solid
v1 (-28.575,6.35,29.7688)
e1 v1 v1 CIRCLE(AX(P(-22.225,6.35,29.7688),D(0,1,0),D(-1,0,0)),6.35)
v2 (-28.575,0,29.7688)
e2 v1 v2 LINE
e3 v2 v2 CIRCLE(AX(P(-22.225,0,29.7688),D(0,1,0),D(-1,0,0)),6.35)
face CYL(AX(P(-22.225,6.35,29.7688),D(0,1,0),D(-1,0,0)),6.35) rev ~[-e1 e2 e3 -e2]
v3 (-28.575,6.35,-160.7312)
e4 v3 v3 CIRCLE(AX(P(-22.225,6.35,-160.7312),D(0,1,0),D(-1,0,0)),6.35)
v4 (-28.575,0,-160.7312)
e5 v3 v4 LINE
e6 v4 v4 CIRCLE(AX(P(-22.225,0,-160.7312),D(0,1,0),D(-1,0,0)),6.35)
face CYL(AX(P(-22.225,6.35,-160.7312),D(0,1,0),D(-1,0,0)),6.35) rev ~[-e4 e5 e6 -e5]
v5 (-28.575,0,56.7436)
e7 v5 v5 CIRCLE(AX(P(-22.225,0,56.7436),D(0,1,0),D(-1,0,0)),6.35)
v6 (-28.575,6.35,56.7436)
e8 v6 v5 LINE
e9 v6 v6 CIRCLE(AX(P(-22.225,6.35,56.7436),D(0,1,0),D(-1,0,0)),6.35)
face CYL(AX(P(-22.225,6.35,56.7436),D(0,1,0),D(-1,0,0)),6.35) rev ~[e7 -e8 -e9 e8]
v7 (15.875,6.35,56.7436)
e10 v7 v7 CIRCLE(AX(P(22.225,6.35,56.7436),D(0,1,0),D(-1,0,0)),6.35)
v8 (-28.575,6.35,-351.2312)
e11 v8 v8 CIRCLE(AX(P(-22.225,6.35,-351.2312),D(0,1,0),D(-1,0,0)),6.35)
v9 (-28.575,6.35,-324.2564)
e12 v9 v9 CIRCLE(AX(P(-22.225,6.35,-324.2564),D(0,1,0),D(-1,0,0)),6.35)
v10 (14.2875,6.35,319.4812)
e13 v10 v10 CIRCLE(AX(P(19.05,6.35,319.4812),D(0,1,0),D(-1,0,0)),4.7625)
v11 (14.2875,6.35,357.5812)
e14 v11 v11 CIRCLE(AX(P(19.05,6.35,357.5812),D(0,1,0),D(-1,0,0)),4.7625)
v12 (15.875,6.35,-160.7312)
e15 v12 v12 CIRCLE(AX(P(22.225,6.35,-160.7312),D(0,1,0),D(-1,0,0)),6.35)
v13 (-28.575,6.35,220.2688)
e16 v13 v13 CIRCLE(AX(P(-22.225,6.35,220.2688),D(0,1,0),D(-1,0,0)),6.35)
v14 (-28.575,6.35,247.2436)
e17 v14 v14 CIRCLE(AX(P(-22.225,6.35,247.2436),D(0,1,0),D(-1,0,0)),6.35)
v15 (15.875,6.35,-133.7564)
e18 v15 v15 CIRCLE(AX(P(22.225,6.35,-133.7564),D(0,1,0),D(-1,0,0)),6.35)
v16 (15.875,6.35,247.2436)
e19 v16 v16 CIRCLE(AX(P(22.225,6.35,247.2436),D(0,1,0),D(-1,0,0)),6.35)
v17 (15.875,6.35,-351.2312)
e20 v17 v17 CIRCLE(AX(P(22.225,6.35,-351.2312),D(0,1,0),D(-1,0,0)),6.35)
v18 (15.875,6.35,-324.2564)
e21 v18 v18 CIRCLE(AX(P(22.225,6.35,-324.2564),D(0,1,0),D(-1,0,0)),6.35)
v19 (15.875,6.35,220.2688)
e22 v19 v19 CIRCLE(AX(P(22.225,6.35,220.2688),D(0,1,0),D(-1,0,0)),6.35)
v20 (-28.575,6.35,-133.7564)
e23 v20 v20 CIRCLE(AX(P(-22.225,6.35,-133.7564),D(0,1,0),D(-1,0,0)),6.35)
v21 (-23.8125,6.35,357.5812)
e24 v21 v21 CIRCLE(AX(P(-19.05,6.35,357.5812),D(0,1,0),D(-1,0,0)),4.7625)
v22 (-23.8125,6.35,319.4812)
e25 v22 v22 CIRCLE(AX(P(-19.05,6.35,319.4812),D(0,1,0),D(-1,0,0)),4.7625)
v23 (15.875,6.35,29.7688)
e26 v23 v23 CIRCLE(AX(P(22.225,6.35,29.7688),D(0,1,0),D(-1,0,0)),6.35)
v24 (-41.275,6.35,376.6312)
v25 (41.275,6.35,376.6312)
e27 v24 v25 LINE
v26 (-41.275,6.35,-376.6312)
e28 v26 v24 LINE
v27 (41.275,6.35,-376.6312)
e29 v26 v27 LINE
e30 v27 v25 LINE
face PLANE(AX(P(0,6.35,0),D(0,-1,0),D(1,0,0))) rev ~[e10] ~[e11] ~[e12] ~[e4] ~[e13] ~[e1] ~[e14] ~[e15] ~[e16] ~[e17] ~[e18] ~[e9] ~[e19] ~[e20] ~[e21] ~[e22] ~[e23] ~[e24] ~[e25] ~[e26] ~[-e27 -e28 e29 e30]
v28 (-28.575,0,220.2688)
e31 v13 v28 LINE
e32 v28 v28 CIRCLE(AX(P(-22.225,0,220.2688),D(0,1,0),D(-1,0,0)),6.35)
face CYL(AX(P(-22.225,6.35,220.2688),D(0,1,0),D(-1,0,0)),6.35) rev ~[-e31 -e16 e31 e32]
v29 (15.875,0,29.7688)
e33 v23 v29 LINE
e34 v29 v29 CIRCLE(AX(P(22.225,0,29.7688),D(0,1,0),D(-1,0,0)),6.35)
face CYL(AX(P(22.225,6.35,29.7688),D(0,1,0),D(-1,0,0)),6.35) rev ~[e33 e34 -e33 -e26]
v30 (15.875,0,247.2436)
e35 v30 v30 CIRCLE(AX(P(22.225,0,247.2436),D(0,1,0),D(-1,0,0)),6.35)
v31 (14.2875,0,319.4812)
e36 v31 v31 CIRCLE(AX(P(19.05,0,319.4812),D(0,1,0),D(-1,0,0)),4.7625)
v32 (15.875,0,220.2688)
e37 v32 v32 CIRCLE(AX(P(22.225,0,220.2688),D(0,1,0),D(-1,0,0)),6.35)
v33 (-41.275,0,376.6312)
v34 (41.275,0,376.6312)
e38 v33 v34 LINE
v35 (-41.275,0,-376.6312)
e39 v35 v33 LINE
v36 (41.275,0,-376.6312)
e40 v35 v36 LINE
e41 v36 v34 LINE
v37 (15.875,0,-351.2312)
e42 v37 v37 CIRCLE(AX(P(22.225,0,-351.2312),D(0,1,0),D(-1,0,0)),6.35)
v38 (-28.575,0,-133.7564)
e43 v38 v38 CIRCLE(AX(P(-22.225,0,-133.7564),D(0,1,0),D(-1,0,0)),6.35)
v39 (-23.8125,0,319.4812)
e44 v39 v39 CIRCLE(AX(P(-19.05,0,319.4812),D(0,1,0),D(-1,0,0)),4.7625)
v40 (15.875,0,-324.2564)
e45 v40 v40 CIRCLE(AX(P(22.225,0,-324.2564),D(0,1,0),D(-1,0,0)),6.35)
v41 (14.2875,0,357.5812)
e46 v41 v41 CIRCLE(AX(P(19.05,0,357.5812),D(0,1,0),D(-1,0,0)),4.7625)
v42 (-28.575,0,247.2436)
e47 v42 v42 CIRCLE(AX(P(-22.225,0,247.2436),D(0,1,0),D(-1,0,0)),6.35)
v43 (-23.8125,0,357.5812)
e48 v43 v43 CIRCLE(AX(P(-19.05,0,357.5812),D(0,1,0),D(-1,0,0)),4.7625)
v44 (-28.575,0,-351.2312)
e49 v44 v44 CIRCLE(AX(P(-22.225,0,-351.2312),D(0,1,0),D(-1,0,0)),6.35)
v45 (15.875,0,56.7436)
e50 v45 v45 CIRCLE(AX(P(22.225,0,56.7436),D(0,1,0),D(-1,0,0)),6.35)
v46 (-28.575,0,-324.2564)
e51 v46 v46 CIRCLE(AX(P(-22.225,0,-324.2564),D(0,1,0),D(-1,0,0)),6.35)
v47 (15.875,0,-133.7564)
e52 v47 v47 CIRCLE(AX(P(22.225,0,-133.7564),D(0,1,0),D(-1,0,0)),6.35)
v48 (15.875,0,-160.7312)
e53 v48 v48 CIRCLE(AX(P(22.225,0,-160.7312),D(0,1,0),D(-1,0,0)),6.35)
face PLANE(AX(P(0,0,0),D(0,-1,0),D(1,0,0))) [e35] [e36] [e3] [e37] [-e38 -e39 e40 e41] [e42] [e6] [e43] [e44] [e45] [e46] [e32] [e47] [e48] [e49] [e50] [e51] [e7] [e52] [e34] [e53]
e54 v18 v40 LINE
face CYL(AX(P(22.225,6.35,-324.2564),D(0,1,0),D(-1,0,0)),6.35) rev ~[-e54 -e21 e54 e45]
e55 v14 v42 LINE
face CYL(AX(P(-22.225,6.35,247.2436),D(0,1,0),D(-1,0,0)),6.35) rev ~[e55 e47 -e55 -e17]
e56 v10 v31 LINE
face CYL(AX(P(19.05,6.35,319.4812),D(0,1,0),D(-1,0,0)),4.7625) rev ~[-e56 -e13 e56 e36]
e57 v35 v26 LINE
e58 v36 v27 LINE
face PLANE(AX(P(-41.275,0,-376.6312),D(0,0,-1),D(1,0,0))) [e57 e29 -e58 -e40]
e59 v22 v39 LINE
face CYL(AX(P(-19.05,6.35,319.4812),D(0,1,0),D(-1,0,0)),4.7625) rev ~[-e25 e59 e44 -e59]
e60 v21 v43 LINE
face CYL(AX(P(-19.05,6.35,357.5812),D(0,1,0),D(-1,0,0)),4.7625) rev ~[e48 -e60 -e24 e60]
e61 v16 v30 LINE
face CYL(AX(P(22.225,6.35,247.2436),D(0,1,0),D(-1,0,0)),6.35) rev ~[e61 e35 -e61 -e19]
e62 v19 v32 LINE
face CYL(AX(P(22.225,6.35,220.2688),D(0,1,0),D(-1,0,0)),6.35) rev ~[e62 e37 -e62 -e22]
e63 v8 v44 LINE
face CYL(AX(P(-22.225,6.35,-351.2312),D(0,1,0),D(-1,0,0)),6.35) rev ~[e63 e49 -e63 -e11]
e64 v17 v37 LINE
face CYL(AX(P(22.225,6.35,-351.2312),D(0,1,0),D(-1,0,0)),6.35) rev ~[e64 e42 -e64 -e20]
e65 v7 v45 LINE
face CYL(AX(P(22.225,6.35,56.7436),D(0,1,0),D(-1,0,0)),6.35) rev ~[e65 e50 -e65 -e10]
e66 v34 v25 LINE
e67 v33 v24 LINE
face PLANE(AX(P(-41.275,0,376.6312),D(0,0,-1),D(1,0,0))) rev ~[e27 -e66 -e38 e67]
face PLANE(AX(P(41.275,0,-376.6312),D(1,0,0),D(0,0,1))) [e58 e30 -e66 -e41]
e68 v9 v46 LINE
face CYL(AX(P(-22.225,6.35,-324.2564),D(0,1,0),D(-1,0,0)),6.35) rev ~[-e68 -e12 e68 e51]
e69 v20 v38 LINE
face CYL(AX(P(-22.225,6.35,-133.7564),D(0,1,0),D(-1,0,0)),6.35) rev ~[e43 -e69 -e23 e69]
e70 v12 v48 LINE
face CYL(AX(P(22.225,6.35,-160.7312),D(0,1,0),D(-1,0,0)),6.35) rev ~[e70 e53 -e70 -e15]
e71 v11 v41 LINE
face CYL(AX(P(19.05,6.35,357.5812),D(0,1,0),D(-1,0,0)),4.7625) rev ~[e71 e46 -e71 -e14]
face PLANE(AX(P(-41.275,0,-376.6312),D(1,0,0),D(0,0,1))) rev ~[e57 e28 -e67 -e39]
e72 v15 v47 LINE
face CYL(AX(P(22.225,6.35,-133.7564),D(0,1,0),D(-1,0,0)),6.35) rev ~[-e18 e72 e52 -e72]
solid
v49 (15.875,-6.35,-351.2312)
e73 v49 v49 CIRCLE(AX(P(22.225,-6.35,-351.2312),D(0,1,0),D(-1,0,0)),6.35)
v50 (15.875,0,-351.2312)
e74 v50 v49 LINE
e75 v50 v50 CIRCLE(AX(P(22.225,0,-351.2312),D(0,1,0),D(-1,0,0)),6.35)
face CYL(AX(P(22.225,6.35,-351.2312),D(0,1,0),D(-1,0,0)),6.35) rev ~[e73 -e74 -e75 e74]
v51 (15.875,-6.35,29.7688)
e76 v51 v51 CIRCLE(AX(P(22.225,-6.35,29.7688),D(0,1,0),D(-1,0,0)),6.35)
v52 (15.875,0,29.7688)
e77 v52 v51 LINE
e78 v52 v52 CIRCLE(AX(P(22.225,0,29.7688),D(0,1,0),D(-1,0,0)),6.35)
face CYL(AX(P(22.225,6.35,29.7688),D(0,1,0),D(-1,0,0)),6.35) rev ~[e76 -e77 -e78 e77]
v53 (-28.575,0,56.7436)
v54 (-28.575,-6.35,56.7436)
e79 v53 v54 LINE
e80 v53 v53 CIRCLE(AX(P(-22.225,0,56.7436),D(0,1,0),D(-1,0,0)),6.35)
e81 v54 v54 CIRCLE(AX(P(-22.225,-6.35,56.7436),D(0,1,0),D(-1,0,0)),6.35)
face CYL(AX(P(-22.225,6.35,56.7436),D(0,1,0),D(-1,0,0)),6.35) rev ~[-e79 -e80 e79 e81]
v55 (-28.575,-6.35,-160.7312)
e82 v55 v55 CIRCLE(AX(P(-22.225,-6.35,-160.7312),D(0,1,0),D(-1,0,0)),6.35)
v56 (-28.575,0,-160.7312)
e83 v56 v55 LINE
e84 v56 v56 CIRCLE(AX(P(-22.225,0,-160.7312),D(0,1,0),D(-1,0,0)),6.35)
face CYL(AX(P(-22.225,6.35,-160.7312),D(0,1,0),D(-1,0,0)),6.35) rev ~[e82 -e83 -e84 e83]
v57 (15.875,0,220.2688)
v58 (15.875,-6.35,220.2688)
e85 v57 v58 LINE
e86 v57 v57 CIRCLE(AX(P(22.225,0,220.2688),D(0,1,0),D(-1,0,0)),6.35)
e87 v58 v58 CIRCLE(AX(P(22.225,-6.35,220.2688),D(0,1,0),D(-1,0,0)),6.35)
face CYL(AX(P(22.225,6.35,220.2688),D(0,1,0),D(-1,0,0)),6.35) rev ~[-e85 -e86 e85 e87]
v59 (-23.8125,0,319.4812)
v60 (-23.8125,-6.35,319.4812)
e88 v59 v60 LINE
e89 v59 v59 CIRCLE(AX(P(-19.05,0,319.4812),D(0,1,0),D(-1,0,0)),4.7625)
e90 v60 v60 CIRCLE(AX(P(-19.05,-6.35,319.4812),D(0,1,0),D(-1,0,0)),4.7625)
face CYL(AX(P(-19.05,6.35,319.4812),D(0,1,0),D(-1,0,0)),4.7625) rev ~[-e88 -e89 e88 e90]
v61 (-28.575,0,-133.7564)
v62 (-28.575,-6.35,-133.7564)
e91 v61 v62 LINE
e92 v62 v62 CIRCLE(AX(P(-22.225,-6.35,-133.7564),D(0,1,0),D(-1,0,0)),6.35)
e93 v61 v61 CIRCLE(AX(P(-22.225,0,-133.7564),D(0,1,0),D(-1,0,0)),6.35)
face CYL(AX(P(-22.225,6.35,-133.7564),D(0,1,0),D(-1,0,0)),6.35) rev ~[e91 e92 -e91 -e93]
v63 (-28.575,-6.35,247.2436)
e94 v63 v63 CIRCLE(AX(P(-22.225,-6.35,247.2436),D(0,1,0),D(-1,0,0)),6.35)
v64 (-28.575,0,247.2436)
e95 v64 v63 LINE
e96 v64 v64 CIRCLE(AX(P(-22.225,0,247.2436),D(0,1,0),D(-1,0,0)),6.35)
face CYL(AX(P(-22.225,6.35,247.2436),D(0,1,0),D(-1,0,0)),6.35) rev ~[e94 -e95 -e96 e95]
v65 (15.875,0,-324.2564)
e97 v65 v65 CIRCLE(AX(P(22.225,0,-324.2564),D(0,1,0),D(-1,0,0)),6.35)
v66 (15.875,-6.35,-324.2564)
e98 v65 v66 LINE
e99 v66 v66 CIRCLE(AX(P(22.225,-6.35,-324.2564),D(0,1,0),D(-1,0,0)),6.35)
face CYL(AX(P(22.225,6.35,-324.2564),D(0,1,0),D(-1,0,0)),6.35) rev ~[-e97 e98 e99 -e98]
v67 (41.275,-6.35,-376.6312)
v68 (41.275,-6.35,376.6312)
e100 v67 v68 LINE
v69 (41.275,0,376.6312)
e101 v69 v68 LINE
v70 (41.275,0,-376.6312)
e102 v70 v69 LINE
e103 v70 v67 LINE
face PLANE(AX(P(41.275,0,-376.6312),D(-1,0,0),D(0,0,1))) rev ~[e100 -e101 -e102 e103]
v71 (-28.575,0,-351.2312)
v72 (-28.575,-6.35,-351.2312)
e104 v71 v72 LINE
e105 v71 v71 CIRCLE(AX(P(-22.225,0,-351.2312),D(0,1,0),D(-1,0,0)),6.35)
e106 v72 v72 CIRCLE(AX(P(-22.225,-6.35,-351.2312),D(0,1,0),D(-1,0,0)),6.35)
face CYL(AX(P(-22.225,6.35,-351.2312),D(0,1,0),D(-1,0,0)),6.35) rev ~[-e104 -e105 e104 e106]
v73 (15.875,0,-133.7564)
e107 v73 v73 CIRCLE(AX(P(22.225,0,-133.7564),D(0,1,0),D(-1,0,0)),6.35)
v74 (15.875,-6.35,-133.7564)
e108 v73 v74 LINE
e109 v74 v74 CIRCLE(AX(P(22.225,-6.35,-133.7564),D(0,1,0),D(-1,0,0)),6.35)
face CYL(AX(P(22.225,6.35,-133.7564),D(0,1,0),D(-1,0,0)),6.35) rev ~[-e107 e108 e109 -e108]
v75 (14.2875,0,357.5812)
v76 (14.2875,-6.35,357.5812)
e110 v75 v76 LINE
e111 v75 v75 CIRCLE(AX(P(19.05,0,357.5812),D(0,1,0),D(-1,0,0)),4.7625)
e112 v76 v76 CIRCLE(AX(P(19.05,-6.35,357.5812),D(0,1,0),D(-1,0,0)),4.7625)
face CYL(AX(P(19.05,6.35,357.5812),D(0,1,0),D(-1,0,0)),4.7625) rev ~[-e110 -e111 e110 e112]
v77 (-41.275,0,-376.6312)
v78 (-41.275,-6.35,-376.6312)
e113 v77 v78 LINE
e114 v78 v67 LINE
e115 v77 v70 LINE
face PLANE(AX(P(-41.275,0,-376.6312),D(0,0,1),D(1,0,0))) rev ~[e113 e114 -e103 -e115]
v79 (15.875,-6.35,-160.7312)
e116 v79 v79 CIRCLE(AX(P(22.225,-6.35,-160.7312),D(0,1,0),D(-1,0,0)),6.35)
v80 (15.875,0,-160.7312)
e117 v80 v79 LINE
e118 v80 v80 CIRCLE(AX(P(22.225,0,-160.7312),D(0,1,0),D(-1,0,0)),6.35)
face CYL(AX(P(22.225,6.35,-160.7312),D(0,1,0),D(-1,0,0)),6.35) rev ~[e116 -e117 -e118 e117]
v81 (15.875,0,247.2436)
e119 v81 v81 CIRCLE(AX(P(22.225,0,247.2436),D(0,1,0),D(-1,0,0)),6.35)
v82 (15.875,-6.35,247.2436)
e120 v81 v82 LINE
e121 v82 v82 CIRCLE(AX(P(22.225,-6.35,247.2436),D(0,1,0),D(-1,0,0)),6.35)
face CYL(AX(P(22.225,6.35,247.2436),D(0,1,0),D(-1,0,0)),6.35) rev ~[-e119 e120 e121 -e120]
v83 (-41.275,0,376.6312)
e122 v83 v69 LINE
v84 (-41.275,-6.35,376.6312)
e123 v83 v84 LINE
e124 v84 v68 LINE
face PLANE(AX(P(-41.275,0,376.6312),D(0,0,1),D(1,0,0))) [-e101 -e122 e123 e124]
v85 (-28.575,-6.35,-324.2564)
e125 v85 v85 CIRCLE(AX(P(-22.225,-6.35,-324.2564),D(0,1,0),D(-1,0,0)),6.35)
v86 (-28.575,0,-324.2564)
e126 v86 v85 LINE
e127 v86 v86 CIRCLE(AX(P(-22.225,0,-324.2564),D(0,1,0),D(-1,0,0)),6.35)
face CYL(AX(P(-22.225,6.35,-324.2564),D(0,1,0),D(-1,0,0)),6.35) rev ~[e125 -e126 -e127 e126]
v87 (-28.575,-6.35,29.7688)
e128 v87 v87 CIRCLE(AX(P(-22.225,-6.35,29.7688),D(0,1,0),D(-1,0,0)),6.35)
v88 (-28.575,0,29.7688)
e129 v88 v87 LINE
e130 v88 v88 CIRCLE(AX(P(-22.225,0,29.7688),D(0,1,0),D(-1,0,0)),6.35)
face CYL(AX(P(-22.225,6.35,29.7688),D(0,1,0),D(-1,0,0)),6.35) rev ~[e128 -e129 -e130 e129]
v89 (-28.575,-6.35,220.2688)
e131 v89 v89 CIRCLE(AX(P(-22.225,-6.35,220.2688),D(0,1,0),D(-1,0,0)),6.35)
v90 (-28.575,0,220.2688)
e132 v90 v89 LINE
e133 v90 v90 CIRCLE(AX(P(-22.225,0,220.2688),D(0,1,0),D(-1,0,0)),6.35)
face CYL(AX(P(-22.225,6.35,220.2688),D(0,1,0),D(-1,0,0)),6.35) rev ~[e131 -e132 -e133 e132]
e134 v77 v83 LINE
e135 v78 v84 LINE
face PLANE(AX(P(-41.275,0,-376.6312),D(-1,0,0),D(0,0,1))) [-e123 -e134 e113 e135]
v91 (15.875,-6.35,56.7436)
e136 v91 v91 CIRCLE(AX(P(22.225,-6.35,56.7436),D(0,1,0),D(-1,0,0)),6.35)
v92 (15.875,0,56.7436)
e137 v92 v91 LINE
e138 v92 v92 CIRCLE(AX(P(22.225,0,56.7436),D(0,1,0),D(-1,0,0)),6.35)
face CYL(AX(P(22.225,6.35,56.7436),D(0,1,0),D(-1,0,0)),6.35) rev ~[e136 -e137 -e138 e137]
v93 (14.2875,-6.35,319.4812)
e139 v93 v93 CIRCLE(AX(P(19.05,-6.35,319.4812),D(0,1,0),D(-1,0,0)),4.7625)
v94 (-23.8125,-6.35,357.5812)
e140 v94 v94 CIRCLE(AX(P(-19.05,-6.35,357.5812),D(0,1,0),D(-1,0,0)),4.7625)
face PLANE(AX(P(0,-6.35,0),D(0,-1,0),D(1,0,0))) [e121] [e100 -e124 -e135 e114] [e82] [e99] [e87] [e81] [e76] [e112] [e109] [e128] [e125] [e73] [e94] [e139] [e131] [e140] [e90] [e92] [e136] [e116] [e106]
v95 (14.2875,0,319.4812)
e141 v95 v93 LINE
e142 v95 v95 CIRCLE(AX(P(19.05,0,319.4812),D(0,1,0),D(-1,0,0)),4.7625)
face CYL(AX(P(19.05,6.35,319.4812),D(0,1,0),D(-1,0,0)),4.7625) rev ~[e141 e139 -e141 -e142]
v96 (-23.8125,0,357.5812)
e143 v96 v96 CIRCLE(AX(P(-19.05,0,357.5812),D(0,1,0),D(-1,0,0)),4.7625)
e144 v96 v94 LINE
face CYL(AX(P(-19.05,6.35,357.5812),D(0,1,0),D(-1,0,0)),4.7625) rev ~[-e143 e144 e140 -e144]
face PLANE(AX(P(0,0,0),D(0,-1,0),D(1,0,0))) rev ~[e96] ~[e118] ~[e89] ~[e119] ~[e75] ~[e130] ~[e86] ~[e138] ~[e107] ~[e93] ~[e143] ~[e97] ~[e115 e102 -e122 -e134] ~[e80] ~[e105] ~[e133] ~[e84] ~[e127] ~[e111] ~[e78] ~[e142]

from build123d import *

# Parameters (mm, degrees)
F0_W     = 82.55
F0_H     = 753.2624
F1_DEPTH = 6.35
F2_W     = 82.55
F2_H     = 753.2624
F3_DEPTH = 6.35
F4_R     = 4.7625
F4_R_2   = 6.35
F5_DEPTH = 12.701


with BuildPart() as f1:
    # F0 (on Front) → F1 (new body)
    with BuildSketch(Plane.XZ):
        Rectangle(F0_W, F0_H)
    extrude(amount=-F1_DEPTH)


with BuildPart() as f3:
    # F2 (on face) → F3 (new body)
    with BuildSketch(Plane.XZ):
        Rectangle(F2_W, F2_H)
    extrude(amount=F3_DEPTH)


with BuildPart() as f5_tool:
    # F4 (on face) → F5 (new body, through all)
    with BuildSketch(Plane(origin=(0, 6.35, 0), x_dir=(-1, 0, 0), z_dir=(0, 1, 0))):
        with Locations((-19.05, 357.5812)):
            Circle(F4_R)
        with Locations((19.05, 357.5812)):
            Circle(F4_R)
        with Locations((19.05, 319.4812)):
            Circle(F4_R)
        with Locations((-19.05, 319.4812)):
            Circle(F4_R)
        with Locations((22.225, -351.2312)):
            Circle(F4_R_2)
        with Locations((22.225, -324.2564)):
            Circle(F4_R_2)
        with Locations((22.225, -133.7564)):
            Circle(F4_R_2)
        with Locations((22.225, -160.7312)):
            Circle(F4_R_2)
        with Locations((22.225, 56.7436)):
            Circle(F4_R_2)
        with Locations((22.225, 29.7688)):
            Circle(F4_R_2)
        with Locations((22.225, 247.2436)):
            Circle(F4_R_2)
        with Locations((22.225, 220.2688)):
            Circle(F4_R_2)
        with Locations((-22.225, -324.2564)):
            Circle(F4_R_2)
        with Locations((-22.225, -351.2312)):
            Circle(F4_R_2)
        with Locations((-22.225, -133.7564)):
            Circle(F4_R_2)
        with Locations((-22.225, -160.7312)):
            Circle(F4_R_2)
        with Locations((-22.225, 56.7436)):
            Circle(F4_R_2)
        with Locations((-22.225, 29.7688)):
            Circle(F4_R_2)
        with Locations((-22.225, 247.2436)):
            Circle(F4_R_2)
        with Locations((-22.225, 220.2688)):
            Circle(F4_R_2)
    extrude(amount=-F5_DEPTH)


with BuildPart() as f1_1:
    add(f1.part)

    # F5: cut by f5_tool
    add(f5_tool.part, mode=Mode.SUBTRACT)


with BuildPart() as f3_1:
    add(f3.part)

    # F5: cut by f5_tool
    add(f5_tool.part, mode=Mode.SUBTRACT)


solid = Compound([f1_1.part, f3_1.part])
